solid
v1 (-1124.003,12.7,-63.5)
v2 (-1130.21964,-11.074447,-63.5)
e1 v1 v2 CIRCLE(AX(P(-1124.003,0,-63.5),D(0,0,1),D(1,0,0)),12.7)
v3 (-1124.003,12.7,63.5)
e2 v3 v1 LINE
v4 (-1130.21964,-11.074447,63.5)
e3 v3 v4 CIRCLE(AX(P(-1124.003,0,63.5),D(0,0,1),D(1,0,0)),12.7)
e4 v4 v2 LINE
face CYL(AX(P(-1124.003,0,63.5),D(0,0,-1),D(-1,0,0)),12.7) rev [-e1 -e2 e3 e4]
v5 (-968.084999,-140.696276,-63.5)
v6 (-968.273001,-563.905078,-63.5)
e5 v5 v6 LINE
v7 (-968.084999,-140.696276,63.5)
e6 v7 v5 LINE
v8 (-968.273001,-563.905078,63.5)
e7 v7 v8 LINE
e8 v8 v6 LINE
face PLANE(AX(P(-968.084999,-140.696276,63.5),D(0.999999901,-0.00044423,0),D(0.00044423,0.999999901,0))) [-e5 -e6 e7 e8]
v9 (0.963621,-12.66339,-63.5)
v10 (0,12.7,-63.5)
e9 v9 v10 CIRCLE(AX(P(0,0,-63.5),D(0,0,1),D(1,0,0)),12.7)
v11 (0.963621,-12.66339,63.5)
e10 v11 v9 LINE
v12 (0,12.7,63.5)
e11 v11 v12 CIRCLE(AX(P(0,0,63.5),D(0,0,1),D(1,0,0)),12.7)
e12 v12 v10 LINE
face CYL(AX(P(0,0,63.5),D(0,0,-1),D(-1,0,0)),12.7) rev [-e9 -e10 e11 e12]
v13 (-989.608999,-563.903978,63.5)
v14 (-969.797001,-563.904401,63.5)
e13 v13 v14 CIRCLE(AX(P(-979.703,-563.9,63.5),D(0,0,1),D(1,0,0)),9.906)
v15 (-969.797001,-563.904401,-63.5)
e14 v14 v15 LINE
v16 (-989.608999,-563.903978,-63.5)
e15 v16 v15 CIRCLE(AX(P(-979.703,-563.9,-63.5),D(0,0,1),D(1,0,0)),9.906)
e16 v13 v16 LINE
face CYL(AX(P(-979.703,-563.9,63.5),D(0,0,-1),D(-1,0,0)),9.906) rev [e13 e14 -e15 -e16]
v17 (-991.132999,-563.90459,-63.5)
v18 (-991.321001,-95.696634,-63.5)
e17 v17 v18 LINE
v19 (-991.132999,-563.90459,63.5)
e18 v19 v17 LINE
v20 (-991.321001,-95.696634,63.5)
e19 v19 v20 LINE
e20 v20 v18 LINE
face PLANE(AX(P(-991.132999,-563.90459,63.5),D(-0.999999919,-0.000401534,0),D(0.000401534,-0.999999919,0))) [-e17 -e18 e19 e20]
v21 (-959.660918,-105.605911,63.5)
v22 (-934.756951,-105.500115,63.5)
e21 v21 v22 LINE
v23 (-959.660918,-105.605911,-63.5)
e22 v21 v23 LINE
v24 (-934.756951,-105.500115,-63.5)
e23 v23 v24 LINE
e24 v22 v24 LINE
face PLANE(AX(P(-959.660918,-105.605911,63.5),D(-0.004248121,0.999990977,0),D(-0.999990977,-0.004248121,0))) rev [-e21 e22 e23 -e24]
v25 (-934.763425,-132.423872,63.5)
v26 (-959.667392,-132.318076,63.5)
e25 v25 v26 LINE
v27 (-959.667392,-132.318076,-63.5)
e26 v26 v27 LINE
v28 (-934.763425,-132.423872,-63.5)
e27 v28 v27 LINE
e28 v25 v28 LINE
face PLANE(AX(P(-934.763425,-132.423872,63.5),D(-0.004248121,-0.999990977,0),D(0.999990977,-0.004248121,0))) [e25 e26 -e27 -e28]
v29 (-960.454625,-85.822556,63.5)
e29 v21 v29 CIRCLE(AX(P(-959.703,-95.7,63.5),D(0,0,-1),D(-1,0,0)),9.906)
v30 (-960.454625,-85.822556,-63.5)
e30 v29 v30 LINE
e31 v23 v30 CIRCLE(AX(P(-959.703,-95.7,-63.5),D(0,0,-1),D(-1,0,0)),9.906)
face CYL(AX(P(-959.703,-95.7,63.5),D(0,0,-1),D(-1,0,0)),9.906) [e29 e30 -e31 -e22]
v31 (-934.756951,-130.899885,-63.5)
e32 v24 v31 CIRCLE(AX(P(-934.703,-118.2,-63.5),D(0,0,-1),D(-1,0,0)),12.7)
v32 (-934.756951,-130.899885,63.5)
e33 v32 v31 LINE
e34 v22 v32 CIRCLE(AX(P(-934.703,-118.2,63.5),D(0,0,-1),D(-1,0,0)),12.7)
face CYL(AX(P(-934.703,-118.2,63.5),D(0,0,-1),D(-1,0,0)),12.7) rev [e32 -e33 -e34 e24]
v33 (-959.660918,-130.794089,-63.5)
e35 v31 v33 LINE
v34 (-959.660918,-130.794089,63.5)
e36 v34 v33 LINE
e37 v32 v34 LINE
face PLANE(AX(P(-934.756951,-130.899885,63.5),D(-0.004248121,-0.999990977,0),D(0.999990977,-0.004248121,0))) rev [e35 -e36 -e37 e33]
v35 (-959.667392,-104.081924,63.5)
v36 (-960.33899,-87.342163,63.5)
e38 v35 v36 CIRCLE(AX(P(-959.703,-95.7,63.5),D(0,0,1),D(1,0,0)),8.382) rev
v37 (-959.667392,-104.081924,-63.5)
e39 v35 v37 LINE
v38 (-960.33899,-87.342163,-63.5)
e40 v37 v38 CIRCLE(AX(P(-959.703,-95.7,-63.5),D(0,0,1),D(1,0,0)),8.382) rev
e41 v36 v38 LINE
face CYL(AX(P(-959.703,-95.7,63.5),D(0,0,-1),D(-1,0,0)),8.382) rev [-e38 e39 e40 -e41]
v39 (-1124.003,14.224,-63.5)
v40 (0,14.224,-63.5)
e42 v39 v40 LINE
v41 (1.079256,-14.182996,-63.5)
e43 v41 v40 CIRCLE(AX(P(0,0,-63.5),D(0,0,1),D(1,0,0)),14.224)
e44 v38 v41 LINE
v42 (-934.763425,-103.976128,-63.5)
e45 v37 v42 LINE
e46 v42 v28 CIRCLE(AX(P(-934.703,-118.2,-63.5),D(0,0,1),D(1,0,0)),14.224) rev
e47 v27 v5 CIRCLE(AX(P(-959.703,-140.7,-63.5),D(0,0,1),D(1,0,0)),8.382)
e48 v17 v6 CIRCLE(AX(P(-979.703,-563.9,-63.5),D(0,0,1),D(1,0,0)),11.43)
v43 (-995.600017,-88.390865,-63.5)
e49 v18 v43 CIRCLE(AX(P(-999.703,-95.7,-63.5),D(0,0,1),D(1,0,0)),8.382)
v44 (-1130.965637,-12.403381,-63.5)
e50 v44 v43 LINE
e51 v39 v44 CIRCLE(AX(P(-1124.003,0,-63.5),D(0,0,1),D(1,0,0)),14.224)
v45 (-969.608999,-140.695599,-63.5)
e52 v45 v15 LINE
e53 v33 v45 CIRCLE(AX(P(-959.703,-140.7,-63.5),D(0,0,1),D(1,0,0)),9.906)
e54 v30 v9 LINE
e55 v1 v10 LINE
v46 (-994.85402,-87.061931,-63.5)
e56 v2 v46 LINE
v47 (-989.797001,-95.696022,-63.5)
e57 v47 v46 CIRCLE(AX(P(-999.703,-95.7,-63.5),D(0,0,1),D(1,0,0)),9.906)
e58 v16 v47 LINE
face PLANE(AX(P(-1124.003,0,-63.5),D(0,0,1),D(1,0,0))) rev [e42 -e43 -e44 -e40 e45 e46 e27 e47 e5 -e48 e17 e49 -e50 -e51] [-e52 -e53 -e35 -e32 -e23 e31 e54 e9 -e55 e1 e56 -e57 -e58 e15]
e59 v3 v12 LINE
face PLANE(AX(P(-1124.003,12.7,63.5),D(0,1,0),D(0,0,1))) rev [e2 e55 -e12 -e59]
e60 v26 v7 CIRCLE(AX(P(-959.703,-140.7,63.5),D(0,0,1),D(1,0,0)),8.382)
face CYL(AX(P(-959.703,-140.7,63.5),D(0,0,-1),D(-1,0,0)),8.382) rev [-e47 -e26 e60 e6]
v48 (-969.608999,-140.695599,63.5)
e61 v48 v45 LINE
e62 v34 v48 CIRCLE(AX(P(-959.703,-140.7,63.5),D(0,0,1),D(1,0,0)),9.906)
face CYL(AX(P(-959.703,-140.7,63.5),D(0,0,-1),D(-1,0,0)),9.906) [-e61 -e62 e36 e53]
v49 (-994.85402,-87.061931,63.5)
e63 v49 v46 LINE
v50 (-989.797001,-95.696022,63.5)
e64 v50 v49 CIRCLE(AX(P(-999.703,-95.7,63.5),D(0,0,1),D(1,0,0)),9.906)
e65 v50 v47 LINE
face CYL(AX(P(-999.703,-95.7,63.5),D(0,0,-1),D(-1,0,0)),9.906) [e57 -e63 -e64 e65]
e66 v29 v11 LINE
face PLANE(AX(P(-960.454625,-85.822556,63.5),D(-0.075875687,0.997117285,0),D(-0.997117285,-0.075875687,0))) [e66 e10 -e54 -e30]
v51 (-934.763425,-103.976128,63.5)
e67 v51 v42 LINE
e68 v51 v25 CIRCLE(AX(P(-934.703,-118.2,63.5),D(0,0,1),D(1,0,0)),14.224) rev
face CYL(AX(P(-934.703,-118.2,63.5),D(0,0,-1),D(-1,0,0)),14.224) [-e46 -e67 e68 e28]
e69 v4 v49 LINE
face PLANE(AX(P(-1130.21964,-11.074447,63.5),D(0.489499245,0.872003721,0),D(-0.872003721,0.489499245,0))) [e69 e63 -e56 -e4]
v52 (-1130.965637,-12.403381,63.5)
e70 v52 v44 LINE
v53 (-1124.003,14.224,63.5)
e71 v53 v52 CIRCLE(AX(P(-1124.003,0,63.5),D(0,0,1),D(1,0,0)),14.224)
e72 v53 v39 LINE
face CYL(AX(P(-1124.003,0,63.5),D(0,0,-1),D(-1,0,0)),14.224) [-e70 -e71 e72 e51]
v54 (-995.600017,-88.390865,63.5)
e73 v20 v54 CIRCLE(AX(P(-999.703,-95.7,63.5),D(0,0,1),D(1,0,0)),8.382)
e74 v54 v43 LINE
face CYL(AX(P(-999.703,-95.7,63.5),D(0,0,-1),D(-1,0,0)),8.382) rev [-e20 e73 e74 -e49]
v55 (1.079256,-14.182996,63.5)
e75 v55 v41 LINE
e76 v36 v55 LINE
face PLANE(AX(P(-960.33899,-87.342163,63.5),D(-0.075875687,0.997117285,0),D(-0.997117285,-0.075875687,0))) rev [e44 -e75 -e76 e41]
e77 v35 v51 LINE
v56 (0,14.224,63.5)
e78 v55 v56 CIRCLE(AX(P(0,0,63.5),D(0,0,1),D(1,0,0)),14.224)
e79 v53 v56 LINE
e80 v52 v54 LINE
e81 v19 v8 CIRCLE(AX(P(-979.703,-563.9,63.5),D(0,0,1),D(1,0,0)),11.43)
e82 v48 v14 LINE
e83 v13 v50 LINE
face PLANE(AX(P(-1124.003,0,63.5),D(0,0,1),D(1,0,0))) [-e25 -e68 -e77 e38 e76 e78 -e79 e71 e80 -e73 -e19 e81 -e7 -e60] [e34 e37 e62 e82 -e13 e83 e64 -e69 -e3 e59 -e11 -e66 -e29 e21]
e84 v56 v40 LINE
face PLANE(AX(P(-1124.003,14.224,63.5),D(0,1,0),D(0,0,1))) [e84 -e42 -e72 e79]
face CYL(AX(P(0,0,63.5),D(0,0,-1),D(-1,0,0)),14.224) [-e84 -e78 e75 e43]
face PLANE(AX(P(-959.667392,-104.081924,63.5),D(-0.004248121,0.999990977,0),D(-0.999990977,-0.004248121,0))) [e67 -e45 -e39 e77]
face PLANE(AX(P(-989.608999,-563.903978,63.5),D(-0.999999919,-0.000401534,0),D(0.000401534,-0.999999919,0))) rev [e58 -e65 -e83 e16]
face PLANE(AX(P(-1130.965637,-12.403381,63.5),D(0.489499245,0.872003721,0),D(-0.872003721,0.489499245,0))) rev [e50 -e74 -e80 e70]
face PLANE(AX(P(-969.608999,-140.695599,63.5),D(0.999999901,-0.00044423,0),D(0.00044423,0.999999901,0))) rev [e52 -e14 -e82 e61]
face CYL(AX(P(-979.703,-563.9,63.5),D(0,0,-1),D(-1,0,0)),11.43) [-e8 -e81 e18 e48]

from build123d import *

# Parameters (mm, degrees)
EXTRUDE_THIN1_DEPTH = 63.5


with BuildPart() as part:
    # Sketch1 → Extrude-Thin1 (new body, symmetric)
    with BuildSketch(Plane.XY):
        with BuildLine():
            Line((-959.66739225, -104.081924367), (-934.763425273, -103.976128348))
            ThreePointArc((-934.763425273, -103.976128348), (-920.479, -118.2), (-934.763425273, -132.423871652))
            Line((-934.763425273, -132.423871652), (-959.66739225, -132.318075633))
            ThreePointArc((-959.66739225, -132.318075633), (-965.616046993, -134.759141539), (-968.084999173, -140.696276466))
            Line((-968.084999173, -140.696276466), (-968.273001128, -563.905077546))
            ThreePointArc((-968.273001128, -563.905077546), (-979.703244004, -575.329999997), (-991.132999079, -563.904589538))
            Line((-991.132999079, -563.904589538), (-991.321000676, -95.696634339))
            ThreePointArc((-991.321000676, -95.696634339), (-992.470278455, -91.463767823), (-995.600017332, -88.39086481))
            Line((-995.600017332, -88.39086481), (-1130.965637255, -12.403380928))
            ThreePointArc((-1130.965637255, -12.403380928), (-1137.764320182, 3.59836669), (-1124.003, 14.224))
            Line((-1124.003, 14.224), (0, 14.224))
            ThreePointArc((0, 14.224), (14.213745369, 0.540017203), (1.079255768, -14.182996263))
            Line((1.079255768, -14.182996263), (-960.338990006, -87.342162917))
            ThreePointArc((-960.338990006, -87.342162917), (-968.078262268, -96.036014785), (-959.66739225, -104.081924367))
        make_face()
        with BuildLine():
            Line((-959.660918114, -105.605910615), (-934.756951136, -105.500114596))
            ThreePointArc((-934.756951136, -105.500114596), (-922.003, -118.2), (-934.756951136, -130.899885404))
            Line((-934.756951136, -130.899885404), (-959.660918114, -130.794089385))
            ThreePointArc((-959.660918114, -130.794089385), (-966.691146447, -133.678985455), (-969.608999023, -140.69559946))
            Line((-969.608999023, -140.69559946), (-969.797000977, -563.90440054))
            ThreePointArc((-969.797000977, -563.90440054), (-979.70321147, -573.805999998), (-989.608999201, -563.903977599))
            Line((-989.608999201, -563.903977599), (-989.797000799, -95.696022401))
            ThreePointArc((-989.797000799, -95.696022401), (-991.155238175, -90.693543791), (-994.854020483, -87.061931139))
            Line((-994.854020483, -87.061931139), (-1130.219640407, -11.074447257))
            ThreePointArc((-1130.219640407, -11.074447257), (-1136.28989302, 3.212827402), (-1124.003, 12.7))
            Line((-1124.003, 12.7), (0, 12.7))
            ThreePointArc((0, 12.7), (12.69084408, 0.482158217), (0.963621221, -12.66338952))
            Line((0.963621221, -12.66338952), (-960.454624553, -85.822556174))
            ThreePointArc((-960.454624553, -85.822556174), (-969.601037226, -96.097108382), (-959.660918114, -105.605910615))
        make_face(mode=Mode.SUBTRACT)
    extrude(amount=EXTRUDE_THIN1_DEPTH, both=True)


solid = part.part
